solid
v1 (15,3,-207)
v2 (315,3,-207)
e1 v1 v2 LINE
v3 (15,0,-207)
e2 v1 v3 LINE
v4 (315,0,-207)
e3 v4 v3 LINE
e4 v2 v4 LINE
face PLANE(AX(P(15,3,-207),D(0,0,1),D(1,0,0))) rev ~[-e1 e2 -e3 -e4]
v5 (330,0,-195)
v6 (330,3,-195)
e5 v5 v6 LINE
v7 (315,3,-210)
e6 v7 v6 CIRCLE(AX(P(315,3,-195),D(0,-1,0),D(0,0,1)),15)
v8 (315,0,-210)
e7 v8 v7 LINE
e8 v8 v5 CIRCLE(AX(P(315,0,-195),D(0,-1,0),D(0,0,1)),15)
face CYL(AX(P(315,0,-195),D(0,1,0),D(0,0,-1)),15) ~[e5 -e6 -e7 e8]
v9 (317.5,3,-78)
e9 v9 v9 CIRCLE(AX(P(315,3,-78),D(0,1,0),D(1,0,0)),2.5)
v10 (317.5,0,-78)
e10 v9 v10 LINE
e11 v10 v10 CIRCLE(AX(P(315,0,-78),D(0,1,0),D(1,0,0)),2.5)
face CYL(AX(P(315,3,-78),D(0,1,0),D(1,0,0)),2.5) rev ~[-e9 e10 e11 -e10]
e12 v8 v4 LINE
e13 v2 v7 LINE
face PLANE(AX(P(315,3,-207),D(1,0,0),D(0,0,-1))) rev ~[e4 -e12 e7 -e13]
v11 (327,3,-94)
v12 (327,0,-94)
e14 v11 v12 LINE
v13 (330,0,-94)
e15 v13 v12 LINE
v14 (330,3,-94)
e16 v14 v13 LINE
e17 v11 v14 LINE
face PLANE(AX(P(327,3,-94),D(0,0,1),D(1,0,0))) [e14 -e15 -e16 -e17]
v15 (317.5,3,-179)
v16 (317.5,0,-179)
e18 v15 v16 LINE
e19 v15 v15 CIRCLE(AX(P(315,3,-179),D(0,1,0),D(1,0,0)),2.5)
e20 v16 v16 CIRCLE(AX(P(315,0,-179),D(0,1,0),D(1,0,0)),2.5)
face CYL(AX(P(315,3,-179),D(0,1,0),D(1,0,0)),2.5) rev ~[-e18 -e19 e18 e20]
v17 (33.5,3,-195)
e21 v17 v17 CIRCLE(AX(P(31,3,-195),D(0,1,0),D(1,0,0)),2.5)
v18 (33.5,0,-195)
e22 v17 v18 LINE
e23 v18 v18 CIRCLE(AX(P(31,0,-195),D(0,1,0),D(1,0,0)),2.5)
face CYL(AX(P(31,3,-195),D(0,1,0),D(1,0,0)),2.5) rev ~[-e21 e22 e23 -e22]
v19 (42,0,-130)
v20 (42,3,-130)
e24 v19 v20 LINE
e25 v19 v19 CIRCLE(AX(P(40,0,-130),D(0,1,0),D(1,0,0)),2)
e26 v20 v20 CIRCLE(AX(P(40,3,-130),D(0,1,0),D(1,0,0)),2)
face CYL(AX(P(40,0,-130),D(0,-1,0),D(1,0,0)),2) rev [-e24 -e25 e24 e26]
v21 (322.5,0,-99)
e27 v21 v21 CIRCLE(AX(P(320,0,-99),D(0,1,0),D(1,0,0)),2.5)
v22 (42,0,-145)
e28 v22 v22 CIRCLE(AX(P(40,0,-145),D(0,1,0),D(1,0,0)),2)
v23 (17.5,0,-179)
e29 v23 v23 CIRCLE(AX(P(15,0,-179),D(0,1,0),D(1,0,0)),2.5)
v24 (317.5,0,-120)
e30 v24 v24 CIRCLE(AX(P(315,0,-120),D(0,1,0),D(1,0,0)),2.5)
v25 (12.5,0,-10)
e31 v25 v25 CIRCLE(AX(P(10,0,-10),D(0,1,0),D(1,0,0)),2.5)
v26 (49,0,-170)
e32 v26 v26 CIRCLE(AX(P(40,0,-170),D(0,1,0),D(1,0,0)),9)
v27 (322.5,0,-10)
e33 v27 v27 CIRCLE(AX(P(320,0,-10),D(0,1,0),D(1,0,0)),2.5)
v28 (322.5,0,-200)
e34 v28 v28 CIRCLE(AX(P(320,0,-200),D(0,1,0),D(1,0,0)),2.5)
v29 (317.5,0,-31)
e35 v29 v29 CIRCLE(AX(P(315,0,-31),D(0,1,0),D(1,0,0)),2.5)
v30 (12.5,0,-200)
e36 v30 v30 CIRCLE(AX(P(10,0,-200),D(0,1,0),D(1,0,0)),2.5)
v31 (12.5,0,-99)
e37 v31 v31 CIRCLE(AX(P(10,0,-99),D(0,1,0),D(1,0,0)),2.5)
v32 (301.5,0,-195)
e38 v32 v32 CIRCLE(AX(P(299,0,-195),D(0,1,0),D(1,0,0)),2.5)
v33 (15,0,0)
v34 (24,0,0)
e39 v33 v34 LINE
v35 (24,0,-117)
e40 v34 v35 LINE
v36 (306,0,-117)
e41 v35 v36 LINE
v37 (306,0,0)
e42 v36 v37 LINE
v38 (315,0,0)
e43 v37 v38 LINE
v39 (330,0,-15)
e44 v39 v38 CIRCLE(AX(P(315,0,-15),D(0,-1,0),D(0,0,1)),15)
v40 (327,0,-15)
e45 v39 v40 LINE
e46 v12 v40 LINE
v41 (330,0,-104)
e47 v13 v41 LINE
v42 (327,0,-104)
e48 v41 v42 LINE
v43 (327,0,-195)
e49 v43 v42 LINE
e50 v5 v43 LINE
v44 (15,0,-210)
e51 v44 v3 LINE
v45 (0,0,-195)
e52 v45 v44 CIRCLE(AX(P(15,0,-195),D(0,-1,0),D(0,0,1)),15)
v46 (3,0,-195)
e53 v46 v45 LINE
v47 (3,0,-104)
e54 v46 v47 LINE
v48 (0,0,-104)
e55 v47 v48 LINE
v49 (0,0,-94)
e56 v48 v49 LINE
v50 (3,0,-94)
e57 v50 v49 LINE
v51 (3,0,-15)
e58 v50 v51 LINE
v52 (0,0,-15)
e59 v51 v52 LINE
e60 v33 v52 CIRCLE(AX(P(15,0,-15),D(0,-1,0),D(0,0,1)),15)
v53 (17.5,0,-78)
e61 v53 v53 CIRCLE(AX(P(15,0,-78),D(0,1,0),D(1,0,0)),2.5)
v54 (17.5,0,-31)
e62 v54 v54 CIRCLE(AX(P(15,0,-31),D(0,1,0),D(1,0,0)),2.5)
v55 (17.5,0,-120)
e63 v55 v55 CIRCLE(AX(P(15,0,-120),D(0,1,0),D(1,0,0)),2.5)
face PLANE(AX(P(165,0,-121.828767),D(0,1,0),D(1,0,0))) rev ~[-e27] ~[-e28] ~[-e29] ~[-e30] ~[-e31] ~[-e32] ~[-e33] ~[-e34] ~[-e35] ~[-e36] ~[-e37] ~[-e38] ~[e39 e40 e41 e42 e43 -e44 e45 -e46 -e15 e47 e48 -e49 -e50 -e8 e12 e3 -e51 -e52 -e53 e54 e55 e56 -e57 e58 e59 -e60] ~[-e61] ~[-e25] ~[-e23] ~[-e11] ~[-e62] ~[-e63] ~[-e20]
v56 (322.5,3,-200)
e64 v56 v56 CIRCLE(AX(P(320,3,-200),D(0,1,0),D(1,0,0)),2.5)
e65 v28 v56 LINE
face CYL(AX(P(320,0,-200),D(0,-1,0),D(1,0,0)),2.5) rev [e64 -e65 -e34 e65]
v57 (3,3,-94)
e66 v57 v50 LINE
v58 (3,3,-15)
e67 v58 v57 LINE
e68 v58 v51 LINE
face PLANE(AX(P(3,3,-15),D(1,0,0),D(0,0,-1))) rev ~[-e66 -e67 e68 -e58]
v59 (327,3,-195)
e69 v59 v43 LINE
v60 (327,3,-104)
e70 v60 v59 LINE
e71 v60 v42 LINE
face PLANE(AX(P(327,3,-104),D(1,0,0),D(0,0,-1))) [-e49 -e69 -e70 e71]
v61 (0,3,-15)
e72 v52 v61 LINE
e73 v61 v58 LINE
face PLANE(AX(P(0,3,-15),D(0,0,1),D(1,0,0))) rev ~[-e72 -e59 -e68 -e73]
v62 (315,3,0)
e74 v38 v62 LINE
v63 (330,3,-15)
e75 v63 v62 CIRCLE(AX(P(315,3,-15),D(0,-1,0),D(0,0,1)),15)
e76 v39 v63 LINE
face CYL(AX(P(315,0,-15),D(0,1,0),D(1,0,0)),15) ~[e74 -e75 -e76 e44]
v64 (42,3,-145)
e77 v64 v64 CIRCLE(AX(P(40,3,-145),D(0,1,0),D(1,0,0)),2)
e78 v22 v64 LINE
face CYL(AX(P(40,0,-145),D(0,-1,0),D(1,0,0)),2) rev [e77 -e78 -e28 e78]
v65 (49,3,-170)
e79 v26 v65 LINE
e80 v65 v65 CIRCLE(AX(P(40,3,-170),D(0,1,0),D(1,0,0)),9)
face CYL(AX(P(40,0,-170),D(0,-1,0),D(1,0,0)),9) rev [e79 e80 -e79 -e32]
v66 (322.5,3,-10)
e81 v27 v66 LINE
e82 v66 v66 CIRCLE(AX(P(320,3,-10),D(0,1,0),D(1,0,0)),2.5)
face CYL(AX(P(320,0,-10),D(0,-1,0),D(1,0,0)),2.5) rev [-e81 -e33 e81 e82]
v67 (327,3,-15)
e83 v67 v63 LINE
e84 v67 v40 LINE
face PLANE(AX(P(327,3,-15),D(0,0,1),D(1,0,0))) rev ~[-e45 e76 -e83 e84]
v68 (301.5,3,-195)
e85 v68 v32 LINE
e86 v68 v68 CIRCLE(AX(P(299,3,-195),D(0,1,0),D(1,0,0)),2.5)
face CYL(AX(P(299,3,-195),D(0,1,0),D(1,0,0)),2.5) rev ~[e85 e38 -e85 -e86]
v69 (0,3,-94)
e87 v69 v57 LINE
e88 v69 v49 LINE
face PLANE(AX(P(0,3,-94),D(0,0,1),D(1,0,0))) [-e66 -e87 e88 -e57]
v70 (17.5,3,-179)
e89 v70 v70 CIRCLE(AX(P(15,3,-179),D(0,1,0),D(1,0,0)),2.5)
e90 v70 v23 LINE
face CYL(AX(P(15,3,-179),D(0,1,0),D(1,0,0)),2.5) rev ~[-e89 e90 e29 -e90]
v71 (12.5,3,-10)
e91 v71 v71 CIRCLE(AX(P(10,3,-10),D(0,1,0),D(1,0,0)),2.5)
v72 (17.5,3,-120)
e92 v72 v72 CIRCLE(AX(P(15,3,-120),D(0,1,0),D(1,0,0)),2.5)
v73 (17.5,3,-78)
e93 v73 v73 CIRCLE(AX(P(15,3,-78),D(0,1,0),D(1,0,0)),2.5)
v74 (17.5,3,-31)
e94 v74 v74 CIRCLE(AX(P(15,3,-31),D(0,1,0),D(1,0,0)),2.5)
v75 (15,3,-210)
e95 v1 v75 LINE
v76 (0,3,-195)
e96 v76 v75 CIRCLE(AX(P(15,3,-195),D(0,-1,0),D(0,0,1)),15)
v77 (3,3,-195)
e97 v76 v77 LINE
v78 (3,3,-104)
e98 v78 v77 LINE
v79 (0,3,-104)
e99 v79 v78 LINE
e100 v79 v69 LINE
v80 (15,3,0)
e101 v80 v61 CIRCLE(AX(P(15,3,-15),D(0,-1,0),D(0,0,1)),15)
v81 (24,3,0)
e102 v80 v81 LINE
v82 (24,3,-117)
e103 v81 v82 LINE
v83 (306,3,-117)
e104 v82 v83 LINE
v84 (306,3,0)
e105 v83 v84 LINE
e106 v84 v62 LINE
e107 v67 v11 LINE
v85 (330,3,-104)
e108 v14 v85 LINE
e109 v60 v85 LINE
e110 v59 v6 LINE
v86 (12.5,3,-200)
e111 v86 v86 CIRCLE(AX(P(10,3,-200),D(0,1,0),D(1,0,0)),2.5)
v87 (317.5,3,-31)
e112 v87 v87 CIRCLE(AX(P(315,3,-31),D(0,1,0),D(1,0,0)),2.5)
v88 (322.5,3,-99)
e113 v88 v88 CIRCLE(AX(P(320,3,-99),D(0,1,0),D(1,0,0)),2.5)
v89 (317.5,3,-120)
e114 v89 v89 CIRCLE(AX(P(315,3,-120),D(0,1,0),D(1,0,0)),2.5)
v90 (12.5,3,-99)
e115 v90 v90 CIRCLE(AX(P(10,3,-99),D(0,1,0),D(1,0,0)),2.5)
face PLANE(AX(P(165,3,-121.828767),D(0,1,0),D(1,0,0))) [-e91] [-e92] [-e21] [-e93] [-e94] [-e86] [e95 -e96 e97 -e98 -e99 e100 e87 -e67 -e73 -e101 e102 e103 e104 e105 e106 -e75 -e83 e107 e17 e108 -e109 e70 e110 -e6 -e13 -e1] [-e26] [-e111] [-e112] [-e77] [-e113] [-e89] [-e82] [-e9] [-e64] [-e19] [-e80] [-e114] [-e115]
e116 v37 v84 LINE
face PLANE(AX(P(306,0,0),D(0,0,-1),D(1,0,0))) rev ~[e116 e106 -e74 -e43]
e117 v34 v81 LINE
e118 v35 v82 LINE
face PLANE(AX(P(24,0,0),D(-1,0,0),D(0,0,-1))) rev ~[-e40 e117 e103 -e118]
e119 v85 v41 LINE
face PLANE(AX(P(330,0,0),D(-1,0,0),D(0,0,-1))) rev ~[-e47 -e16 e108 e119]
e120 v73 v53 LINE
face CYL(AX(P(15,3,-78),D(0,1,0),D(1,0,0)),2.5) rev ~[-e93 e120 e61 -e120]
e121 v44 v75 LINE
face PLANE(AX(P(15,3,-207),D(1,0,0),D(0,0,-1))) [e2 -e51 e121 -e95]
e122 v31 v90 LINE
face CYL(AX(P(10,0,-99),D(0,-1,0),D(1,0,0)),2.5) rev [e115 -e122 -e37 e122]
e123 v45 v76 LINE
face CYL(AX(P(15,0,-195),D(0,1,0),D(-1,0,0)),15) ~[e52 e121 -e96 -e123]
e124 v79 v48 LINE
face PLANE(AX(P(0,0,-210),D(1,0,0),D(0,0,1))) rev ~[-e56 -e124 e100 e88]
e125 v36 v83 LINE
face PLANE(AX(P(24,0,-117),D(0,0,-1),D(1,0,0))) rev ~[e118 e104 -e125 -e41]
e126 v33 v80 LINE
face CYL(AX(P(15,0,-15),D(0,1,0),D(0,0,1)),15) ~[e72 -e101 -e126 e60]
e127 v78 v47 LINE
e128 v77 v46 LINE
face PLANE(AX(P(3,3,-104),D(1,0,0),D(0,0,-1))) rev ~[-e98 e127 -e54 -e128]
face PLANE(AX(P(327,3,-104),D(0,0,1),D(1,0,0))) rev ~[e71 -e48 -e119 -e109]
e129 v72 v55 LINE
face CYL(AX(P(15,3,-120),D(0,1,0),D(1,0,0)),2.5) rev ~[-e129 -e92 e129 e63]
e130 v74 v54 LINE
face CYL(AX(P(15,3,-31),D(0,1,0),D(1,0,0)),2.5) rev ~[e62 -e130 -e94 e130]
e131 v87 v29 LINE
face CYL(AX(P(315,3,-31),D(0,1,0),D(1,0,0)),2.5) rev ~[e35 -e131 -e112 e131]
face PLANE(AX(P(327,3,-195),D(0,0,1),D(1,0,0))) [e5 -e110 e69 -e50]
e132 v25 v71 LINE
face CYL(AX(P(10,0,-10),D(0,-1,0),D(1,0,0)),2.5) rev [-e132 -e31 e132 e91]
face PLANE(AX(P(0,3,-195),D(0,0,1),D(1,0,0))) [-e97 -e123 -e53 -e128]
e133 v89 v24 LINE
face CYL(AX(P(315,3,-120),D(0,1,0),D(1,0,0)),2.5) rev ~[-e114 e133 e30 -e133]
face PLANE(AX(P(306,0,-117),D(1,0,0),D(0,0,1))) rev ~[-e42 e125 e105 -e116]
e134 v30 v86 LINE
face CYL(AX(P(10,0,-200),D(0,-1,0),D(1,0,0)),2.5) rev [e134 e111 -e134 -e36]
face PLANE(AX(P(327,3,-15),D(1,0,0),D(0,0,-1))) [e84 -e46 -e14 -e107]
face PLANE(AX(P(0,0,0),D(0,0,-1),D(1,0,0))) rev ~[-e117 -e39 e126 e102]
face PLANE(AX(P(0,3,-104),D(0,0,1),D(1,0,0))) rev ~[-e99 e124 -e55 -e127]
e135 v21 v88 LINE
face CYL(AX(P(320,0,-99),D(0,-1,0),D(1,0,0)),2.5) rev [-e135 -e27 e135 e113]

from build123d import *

# Parameters (mm, degrees)
ESQUISSE1_R      = 2.5
ESQUISSE1_R_2    = 9
ESQUISSE1_R_3    = 2
EXTRUSION1_DEPTH = 3
CONG_1_R         = 15
EXTRUSION2_REACH = 5
ESQUISSE2_W      = 300
ESQUISSE2_H      = 3
ESQUISSE2_W_2    = 3
ESQUISSE2_H_2    = 91
ESQUISSE2_H_3    = 79
EXTRUSION3_REACH = 5
ESQUISSE3_R      = 2.5


with BuildPart() as part:
    # Esquisse1 → Extrusion1 (new body)
    with BuildSketch(Plane(origin=(0, 0, 0), x_dir=(1, 0, 0), z_dir=(0, 1, 0))):
        Polygon((0, 0), (24, 0), (24, 117), (165, 117), (306, 117), (306, 0), (330, 0), (330, 210), (0, 210), align=None)
        with Locations((10, 200)):
            Circle(ESQUISSE1_R, mode=Mode.SUBTRACT)
        with Locations((320, 200)):
            Circle(ESQUISSE1_R, mode=Mode.SUBTRACT)
        with Locations((10, 99)):
            Circle(ESQUISSE1_R, mode=Mode.SUBTRACT)
        with Locations((320, 99)):
            Circle(ESQUISSE1_R, mode=Mode.SUBTRACT)
        with Locations((10, 10)):
            Circle(ESQUISSE1_R, mode=Mode.SUBTRACT)
        with Locations((320, 10)):
            Circle(ESQUISSE1_R, mode=Mode.SUBTRACT)
        with Locations((40, 170)):
            Circle(ESQUISSE1_R_2, mode=Mode.SUBTRACT)
        with Locations((40, 145)):
            Circle(ESQUISSE1_R_3, mode=Mode.SUBTRACT)
        with Locations((40, 130)):
            Circle(ESQUISSE1_R_3, mode=Mode.SUBTRACT)
    extrude(amount=EXTRUSION1_DEPTH)

    # Congé1
    cong_1_edges = [part.edges().sort_by_distance(p)[0] for p in [
        (0, 1.5, -210),
        (330, 1.5, -210),
        (330, 1.5, 0),
        (0, 1.5, 0),
    ]]
    fillet(cong_1_edges, radius=CONG_1_R)

    # Esquisse2 → Extrusion2 (cut, up to next)
    with BuildSketch(Plane(origin=(0, 3, 0), x_dir=(1, 0, 0), z_dir=(0, 1, 0)), mode=Mode.PRIVATE) as extrusion2_sk1:
        with Locations((165, 208.5)):
            Rectangle(ESQUISSE2_W, ESQUISSE2_H)
    extrusion2_tool1 = extrude(extrusion2_sk1.sketch, amount=-EXTRUSION2_REACH, mode=Mode.PRIVATE) & part.part
    add(extrusion2_tool1.solids().sort_by_distance((165, 3, -208.5))[0], mode=Mode.SUBTRACT)
    # Esquisse2 → Extrusion2 (cut, up to next)
    with BuildSketch(Plane(origin=(0, 3, 0), x_dir=(1, 0, 0), z_dir=(0, 1, 0)), mode=Mode.PRIVATE) as extrusion2_sk2:
        with Locations((1.5, 149.5)):
            Rectangle(ESQUISSE2_W_2, ESQUISSE2_H_2)
    extrusion2_tool2 = extrude(extrusion2_sk2.sketch, amount=-EXTRUSION2_REACH, mode=Mode.PRIVATE) & part.part
    add(extrusion2_tool2.solids().sort_by_distance((1.5, 3, -149.5))[0], mode=Mode.SUBTRACT)
    # Esquisse2 → Extrusion2 (cut, up to next)
    with BuildSketch(Plane(origin=(0, 3, 0), x_dir=(1, 0, 0), z_dir=(0, 1, 0)), mode=Mode.PRIVATE) as extrusion2_sk3:
        with Locations((1.5, 54.5)):
            Rectangle(ESQUISSE2_W_2, ESQUISSE2_H_3)
    extrusion2_tool3 = extrude(extrusion2_sk3.sketch, amount=-EXTRUSION2_REACH, mode=Mode.PRIVATE) & part.part
    add(extrusion2_tool3.solids().sort_by_distance((1.5, 3, -54.5))[0], mode=Mode.SUBTRACT)
    # Esquisse2 → Extrusion2 (cut, up to next)
    with BuildSketch(Plane(origin=(0, 3, 0), x_dir=(1, 0, 0), z_dir=(0, 1, 0)), mode=Mode.PRIVATE) as extrusion2_sk4:
        with Locations((328.5, 54.5)):
            Rectangle(ESQUISSE2_W_2, ESQUISSE2_H_3)
    extrusion2_tool4 = extrude(extrusion2_sk4.sketch, amount=-EXTRUSION2_REACH, mode=Mode.PRIVATE) & part.part
    add(extrusion2_tool4.solids().sort_by_distance((328.5, 3, -54.5))[0], mode=Mode.SUBTRACT)
    # Esquisse2 → Extrusion2 (cut, up to next)
    with BuildSketch(Plane(origin=(0, 3, 0), x_dir=(1, 0, 0), z_dir=(0, 1, 0)), mode=Mode.PRIVATE) as extrusion2_sk5:
        with Locations((328.5, 149.5)):
            Rectangle(ESQUISSE2_W_2, ESQUISSE2_H_2)
    extrusion2_tool5 = extrude(extrusion2_sk5.sketch, amount=-EXTRUSION2_REACH, mode=Mode.PRIVATE) & part.part
    add(extrusion2_tool5.solids().sort_by_distance((328.5, 3, -149.5))[0], mode=Mode.SUBTRACT)

    # Esquisse3 → Extrusion3 (cut, up to next)
    with BuildSketch(Plane(origin=(0, 3, 0), x_dir=(1, 0, 0), z_dir=(0, 1, 0)), mode=Mode.PRIVATE) as extrusion3_sk1:
        with Locations((31, 195)):
            Circle(ESQUISSE3_R)
    extrusion3_tool1 = extrude(extrusion3_sk1.sketch, amount=-EXTRUSION3_REACH, mode=Mode.PRIVATE) & part.part
    add(extrusion3_tool1.solids().sort_by_distance((31, 3, -195))[0], mode=Mode.SUBTRACT)
    # Esquisse3 → Extrusion3 (cut, up to next)
    with BuildSketch(Plane(origin=(0, 3, 0), x_dir=(1, 0, 0), z_dir=(0, 1, 0)), mode=Mode.PRIVATE) as extrusion3_sk2:
        with Locations((15, 179)):
            Circle(ESQUISSE3_R)
    extrusion3_tool2 = extrude(extrusion3_sk2.sketch, amount=-EXTRUSION3_REACH, mode=Mode.PRIVATE) & part.part
    add(extrusion3_tool2.solids().sort_by_distance((15, 3, -179))[0], mode=Mode.SUBTRACT)
    # Esquisse3 → Extrusion3 (cut, up to next)
    with BuildSketch(Plane(origin=(0, 3, 0), x_dir=(1, 0, 0), z_dir=(0, 1, 0)), mode=Mode.PRIVATE) as extrusion3_sk3:
        with Locations((15, 120)):
            Circle(ESQUISSE3_R)
    extrusion3_tool3 = extrude(extrusion3_sk3.sketch, amount=-EXTRUSION3_REACH, mode=Mode.PRIVATE) & part.part
    add(extrusion3_tool3.solids().sort_by_distance((15, 3, -120))[0], mode=Mode.SUBTRACT)
    # Esquisse3 → Extrusion3 (cut, up to next)
    with BuildSketch(Plane(origin=(0, 3, 0), x_dir=(1, 0, 0), z_dir=(0, 1, 0)), mode=Mode.PRIVATE) as extrusion3_sk4:
        with Locations((15, 78)):
            Circle(ESQUISSE3_R)
    extrusion3_tool4 = extrude(extrusion3_sk4.sketch, amount=-EXTRUSION3_REACH, mode=Mode.PRIVATE) & part.part
    add(extrusion3_tool4.solids().sort_by_distance((15, 3, -78))[0], mode=Mode.SUBTRACT)
    # Esquisse3 → Extrusion3 (cut, up to next)
    with BuildSketch(Plane(origin=(0, 3, 0), x_dir=(1, 0, 0), z_dir=(0, 1, 0)), mode=Mode.PRIVATE) as extrusion3_sk5:
        with Locations((15, 31)):
            Circle(ESQUISSE3_R)
    extrusion3_tool5 = extrude(extrusion3_sk5.sketch, amount=-EXTRUSION3_REACH, mode=Mode.PRIVATE) & part.part
    add(extrusion3_tool5.solids().sort_by_distance((15, 3, -31))[0], mode=Mode.SUBTRACT)
    # Esquisse3 → Extrusion3 (cut, up to next)
    with BuildSketch(Plane(origin=(0, 3, 0), x_dir=(1, 0, 0), z_dir=(0, 1, 0)), mode=Mode.PRIVATE) as extrusion3_sk6:
        with Locations((299, 195)):
            Circle(ESQUISSE3_R)
    extrusion3_tool6 = extrude(extrusion3_sk6.sketch, amount=-EXTRUSION3_REACH, mode=Mode.PRIVATE) & part.part
    add(extrusion3_tool6.solids().sort_by_distance((299, 3, -195))[0], mode=Mode.SUBTRACT)
    # Esquisse3 → Extrusion3 (cut, up to next)
    with BuildSketch(Plane(origin=(0, 3, 0), x_dir=(1, 0, 0), z_dir=(0, 1, 0)), mode=Mode.PRIVATE) as extrusion3_sk7:
        with Locations((315, 179)):
            Circle(ESQUISSE3_R)
    extrusion3_tool7 = extrude(extrusion3_sk7.sketch, amount=-EXTRUSION3_REACH, mode=Mode.PRIVATE) & part.part
    add(extrusion3_tool7.solids().sort_by_distance((315, 3, -179))[0], mode=Mode.SUBTRACT)
    # Esquisse3 → Extrusion3 (cut, up to next)
    with BuildSketch(Plane(origin=(0, 3, 0), x_dir=(1, 0, 0), z_dir=(0, 1, 0)), mode=Mode.PRIVATE) as extrusion3_sk8:
        with Locations((315, 120)):
            Circle(ESQUISSE3_R)
    extrusion3_tool8 = extrude(extrusion3_sk8.sketch, amount=-EXTRUSION3_REACH, mode=Mode.PRIVATE) & part.part
    add(extrusion3_tool8.solids().sort_by_distance((315, 3, -120))[0], mode=Mode.SUBTRACT)
    # Esquisse3 → Extrusion3 (cut, up to next)
    with BuildSketch(Plane(origin=(0, 3, 0), x_dir=(1, 0, 0), z_dir=(0, 1, 0)), mode=Mode.PRIVATE) as extrusion3_sk9:
        with Locations((315, 78)):
            Circle(ESQUISSE3_R)
    extrusion3_tool9 = extrude(extrusion3_sk9.sketch, amount=-EXTRUSION3_REACH, mode=Mode.PRIVATE) & part.part
    add(extrusion3_tool9.solids().sort_by_distance((315, 3, -78))[0], mode=Mode.SUBTRACT)
    # Esquisse3 → Extrusion3 (cut, up to next)
    with BuildSketch(Plane(origin=(0, 3, 0), x_dir=(1, 0, 0), z_dir=(0, 1, 0)), mode=Mode.PRIVATE) as extrusion3_sk10:
        with Locations((315, 31)):
            Circle(ESQUISSE3_R)
    extrusion3_tool10 = extrude(extrusion3_sk10.sketch, amount=-EXTRUSION3_REACH, mode=Mode.PRIVATE) & part.part
    add(extrusion3_tool10.solids().sort_by_distance((315, 3, -31))[0], mode=Mode.SUBTRACT)


solid = part.part
